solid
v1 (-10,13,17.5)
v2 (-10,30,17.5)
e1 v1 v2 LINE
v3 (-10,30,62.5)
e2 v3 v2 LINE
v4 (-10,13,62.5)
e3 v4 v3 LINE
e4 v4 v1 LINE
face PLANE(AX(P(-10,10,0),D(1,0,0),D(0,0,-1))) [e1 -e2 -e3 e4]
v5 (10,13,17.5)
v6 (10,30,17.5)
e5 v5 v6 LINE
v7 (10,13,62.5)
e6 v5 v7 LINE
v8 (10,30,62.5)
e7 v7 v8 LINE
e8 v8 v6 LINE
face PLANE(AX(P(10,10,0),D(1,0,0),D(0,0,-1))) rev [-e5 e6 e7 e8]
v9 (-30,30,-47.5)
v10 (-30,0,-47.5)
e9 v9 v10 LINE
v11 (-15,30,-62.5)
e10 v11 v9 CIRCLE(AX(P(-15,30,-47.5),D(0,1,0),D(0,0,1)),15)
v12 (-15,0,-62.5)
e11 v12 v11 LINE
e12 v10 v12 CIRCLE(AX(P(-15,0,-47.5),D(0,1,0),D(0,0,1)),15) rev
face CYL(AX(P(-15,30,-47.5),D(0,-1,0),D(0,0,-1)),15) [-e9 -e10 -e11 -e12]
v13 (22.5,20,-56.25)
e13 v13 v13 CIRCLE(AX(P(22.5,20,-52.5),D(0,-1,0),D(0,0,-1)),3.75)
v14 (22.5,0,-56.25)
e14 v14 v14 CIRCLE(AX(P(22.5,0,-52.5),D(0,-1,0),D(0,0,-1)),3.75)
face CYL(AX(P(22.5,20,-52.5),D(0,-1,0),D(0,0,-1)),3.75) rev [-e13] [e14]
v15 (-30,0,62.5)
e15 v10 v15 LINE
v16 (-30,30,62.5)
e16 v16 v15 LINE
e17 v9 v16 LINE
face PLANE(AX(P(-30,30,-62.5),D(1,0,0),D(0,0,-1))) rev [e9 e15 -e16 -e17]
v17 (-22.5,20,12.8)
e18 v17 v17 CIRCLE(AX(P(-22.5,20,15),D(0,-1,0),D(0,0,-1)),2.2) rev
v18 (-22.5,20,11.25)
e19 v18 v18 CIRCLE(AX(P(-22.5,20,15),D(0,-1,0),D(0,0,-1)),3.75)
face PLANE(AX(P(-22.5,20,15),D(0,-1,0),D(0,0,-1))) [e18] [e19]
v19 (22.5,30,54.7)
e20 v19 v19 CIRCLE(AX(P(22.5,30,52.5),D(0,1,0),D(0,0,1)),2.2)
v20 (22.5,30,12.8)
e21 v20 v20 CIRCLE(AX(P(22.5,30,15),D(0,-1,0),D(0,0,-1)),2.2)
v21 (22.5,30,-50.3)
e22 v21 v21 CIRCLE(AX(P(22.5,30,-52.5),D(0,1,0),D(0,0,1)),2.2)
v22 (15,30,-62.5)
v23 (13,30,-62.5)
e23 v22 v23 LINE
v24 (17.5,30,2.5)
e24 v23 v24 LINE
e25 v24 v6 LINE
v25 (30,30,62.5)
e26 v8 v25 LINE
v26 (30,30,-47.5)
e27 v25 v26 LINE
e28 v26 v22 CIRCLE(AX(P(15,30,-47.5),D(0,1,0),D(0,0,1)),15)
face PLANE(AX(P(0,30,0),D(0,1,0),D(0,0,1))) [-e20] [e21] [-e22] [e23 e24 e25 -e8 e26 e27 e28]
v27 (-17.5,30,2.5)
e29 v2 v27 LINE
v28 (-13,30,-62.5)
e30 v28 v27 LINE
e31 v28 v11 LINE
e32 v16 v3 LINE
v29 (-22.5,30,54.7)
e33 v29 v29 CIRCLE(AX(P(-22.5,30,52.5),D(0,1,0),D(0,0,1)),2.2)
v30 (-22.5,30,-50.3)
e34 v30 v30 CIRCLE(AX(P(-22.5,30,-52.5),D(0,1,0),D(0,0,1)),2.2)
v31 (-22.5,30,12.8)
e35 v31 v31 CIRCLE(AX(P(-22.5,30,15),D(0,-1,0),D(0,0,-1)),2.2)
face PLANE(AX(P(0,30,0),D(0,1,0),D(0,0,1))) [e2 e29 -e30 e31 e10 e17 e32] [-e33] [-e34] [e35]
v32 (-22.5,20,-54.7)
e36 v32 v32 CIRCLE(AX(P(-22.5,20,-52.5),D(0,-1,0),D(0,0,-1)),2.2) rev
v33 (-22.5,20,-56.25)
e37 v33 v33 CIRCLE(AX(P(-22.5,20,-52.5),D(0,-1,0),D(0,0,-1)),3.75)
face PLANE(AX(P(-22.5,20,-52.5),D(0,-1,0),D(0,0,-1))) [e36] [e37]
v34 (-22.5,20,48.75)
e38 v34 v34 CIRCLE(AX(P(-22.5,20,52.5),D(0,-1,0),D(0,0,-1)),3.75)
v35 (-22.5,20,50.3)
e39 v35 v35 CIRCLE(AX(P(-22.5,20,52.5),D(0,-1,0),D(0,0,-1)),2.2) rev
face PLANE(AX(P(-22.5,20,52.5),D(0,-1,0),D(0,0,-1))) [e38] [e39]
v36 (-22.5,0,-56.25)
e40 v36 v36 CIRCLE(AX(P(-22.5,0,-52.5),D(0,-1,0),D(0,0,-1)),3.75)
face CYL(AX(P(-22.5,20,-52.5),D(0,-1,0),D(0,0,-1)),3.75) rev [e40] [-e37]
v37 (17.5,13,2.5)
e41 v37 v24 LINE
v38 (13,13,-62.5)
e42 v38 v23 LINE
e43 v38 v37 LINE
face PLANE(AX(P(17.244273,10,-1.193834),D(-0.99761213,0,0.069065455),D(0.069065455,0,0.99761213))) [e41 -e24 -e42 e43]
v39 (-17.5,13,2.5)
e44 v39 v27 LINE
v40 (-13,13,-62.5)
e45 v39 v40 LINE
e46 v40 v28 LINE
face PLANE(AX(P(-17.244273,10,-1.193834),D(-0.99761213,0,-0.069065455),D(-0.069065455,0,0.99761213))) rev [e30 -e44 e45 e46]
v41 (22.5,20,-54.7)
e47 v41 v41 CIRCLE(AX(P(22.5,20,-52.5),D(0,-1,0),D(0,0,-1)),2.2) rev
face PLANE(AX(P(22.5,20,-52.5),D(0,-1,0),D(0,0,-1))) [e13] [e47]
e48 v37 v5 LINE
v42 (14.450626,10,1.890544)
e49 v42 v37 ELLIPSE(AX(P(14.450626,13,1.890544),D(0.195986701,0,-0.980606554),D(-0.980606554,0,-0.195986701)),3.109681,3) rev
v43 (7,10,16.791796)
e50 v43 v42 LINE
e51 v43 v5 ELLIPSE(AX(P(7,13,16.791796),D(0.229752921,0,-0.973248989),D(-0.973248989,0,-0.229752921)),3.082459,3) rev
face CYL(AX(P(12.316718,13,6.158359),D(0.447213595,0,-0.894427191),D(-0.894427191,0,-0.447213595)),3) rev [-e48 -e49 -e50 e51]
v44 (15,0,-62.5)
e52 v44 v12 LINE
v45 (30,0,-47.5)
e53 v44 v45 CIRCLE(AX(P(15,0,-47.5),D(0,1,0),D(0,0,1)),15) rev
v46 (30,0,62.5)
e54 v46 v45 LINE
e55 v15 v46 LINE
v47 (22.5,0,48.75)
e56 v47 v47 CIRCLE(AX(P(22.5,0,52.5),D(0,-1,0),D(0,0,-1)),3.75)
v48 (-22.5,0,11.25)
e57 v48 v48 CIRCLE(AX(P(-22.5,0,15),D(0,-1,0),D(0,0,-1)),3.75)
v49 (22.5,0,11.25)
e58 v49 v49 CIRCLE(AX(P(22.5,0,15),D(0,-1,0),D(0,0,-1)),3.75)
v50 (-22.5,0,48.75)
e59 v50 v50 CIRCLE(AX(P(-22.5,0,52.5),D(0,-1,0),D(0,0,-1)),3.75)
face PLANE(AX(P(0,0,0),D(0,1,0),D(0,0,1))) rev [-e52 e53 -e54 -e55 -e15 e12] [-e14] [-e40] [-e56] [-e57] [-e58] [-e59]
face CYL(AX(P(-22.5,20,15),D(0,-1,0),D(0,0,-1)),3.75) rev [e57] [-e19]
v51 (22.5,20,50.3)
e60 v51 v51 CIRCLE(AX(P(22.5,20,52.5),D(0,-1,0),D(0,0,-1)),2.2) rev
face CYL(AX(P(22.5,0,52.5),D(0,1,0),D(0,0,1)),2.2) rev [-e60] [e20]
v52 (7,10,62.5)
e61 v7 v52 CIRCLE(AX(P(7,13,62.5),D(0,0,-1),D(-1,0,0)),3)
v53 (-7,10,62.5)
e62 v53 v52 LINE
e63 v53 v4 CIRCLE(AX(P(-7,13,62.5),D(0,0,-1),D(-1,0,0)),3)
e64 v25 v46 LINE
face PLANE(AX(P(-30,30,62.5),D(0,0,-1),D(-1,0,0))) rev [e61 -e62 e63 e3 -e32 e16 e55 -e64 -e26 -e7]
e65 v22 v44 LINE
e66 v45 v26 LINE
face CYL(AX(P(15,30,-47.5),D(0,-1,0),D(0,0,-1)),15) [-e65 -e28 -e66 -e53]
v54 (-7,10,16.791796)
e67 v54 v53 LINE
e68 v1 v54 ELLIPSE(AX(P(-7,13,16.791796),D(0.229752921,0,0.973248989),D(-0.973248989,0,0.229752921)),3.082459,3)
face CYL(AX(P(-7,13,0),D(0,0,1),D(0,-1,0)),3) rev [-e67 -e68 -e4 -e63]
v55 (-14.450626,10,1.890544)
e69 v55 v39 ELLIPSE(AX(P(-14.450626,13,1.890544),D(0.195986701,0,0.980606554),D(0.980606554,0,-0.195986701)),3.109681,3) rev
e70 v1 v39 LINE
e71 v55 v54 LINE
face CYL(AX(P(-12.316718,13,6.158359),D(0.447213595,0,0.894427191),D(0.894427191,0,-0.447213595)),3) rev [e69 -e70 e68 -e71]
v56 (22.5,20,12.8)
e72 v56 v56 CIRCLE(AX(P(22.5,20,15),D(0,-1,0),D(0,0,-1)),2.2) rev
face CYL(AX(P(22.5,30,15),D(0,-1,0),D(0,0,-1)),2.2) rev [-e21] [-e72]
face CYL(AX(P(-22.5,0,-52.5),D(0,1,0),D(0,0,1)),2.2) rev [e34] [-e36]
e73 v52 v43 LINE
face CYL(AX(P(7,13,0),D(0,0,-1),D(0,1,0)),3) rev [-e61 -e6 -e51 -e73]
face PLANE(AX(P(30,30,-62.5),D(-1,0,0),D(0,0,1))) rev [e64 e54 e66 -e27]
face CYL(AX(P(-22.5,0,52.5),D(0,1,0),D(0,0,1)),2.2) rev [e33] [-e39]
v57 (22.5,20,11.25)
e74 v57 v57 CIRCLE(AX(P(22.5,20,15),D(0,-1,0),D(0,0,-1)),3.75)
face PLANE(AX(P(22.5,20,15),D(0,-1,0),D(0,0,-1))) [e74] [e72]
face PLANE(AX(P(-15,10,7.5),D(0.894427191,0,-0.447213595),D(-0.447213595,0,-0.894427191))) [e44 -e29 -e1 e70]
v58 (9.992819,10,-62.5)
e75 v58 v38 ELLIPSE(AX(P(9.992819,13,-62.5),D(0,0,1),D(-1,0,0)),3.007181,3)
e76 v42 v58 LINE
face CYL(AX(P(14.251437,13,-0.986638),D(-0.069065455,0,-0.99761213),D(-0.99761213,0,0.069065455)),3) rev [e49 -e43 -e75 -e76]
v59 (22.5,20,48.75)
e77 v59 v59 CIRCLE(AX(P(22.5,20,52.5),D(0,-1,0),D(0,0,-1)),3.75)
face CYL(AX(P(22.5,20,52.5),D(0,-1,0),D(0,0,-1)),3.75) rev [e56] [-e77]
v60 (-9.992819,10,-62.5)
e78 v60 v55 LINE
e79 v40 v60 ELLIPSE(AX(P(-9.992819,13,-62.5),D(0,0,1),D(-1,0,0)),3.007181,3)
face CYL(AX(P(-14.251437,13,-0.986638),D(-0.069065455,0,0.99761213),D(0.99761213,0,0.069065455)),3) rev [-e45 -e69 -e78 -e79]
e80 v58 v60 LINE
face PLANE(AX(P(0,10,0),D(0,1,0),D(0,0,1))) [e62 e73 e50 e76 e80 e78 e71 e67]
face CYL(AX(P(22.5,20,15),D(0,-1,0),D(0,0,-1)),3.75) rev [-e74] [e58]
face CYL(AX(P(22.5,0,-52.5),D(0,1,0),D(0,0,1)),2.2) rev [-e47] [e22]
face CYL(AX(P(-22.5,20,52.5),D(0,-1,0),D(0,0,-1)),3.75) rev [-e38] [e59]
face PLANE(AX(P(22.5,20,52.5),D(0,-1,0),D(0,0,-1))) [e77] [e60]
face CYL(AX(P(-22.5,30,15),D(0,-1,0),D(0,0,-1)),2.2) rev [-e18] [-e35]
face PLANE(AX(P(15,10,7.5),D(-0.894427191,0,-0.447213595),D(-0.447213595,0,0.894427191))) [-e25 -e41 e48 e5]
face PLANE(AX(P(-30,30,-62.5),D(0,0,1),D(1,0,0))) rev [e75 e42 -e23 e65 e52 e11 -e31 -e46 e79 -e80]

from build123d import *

# Parameters (mm, degrees)
SKETCH_1_W          = 60
SKETCH_1_H          = 125
EXTRUDE_1_DEPTH     = 30
CUT_EXTRUDE_1_DEPTH = 76.539724649
CUT_EXTRUDE_2_DEPTH = 76.539724649
SKETCH_4_W          = 13
SKETCH_4_H          = 65
CUT_EXTRUDE_3_DEPTH = 20
FILLET_1_R          = 3
FILLET_2_R          = 15
SKETCH_5_R          = 3.75
CUT_EXTRUDE_4_DEPTH = 20


with BuildPart() as part:
    # 草图1 → 凸台-拉伸1 (new body)
    with BuildSketch(Plane(origin=(0, 0, 0), x_dir=(1, 0, 0), z_dir=(0, 1, 0))):
        Rectangle(SKETCH_1_W, SKETCH_1_H)
    extrude(amount=EXTRUDE_1_DEPTH)

    # 草图2 → 切除-拉伸1 (cut, through all)
    with BuildSketch(Plane(origin=(0, 30, 0), x_dir=(1, 0, 0), z_dir=(0, 1, 0))):
        with BuildLine():
            ThreePointArc((-20.3, -52.5), (-20.944365081, -50.944365081), (-22.5, -50.3))
            Line((-22.5, -50.3), (-22.5, -52.5))
            Line((-22.5, -52.5), (-20.3, -52.5))
        make_face()
        with BuildLine():
            Line((-22.5, -52.5), (-22.5, -50.3))
            ThreePointArc((-22.5, -50.3), (-24.055634919, -54.055634919), (-20.3, -52.5))
            Line((-20.3, -52.5), (-22.5, -52.5))
        make_face()
        with BuildLine():
            ThreePointArc((24.7, -52.5), (24.055634919, -50.944365081), (22.5, -50.3))
            Line((22.5, -50.3), (22.5, -52.5))
            Line((22.5, -52.5), (20.3, -52.5))
            ThreePointArc((20.3, -52.5), (22.5, -54.7), (24.7, -52.5))
        make_face()
        with BuildLine():
            Line((22.5, -52.5), (22.5, -50.3))
            ThreePointArc((22.5, -50.3), (20.944365081, -50.944365081), (20.3, -52.5))
            Line((20.3, -52.5), (22.5, -52.5))
        make_face()
        with BuildLine():
            ThreePointArc((-20.3, 52.5), (-24.055634919, 54.055634919), (-22.5, 50.3))
            Line((-22.5, 50.3), (-22.5, 52.5))
            Line((-22.5, 52.5), (-20.3, 52.5))
        make_face()
        with BuildLine():
            Line((-22.5, 52.5), (-22.5, 50.3))
            ThreePointArc((-22.5, 50.3), (-20.944365081, 50.944365081), (-20.3, 52.5))
            Line((-20.3, 52.5), (-22.5, 52.5))
        make_face()
        with BuildLine():
            ThreePointArc((20.3, 52.5), (20.944365081, 50.944365081), (22.5, 50.3))
            Line((22.5, 50.3), (22.5, 52.5))
            Line((22.5, 52.5), (20.3, 52.5))
        make_face()
        with BuildLine():
            Line((22.5, 52.5), (22.5, 50.3))
            ThreePointArc((22.5, 50.3), (24.055634919, 50.944365081), (24.7, 52.5))
            ThreePointArc((24.7, 52.5), (22.5, 54.7), (20.3, 52.5))
            Line((20.3, 52.5), (22.5, 52.5))
        make_face()
    extrude(amount=-CUT_EXTRUDE_1_DEPTH, mode=Mode.SUBTRACT)

    # 草图3 → 切除-拉伸2 (cut, through all)
    with BuildSketch(Plane(origin=(0, 0, 0), x_dir=(-1, 0, 0), z_dir=(0, -1, 0))):
        with BuildLine():
            ThreePointArc((-20.3, -15), (-20.906792195, -13.482868203), (-22.392444444, -12.802630709))
            ThreePointArc((-22.392444444, -12.802630709), (-22.473095025, -13.9), (-22.5, -15))
            Line((-22.5, -15), (-20.3, -15))
        make_face()
        with BuildLine():
            ThreePointArc((-22.5, -15), (-22.473095025, -13.9), (-22.392444444, -12.802630709))
            ThreePointArc((-22.392444444, -12.802630709), (-24.017131797, -13.406792195), (-24.7, -15))
            Line((-24.7, -15), (-22.5, -15))
        make_face()
        with BuildLine():
            ThreePointArc((-24.7, -15), (-24.017131797, -16.593207805), (-22.392444444, -17.197369291))
            ThreePointArc((-22.392444444, -17.197369291), (-22.473095025, -16.1), (-22.5, -15))
            Line((-22.5, -15), (-24.7, -15))
        make_face()
        with BuildLine():
            ThreePointArc((-22.5, -15), (-22.473095025, -16.1), (-22.392444444, -17.197369291))
            ThreePointArc((-22.392444444, -17.197369291), (-20.906792195, -16.517131797), (-20.3, -15))
            Line((-20.3, -15), (-22.5, -15))
        make_face()
        with BuildLine():
            ThreePointArc((22.392444444, -17.197369291), (24.017131797, -16.593207805), (24.7, -15))
            Line((24.7, -15), (22.5, -15))
            ThreePointArc((22.5, -15), (22.473095025, -16.1), (22.392444444, -17.197369291))
        make_face()
        with BuildLine():
            Line((22.5, -15), (24.7, -15))
            ThreePointArc((24.7, -15), (24.017131797, -13.406792195), (22.392444444, -12.802630709))
            ThreePointArc((22.392444444, -12.802630709), (22.473095025, -13.9), (22.5, -15))
        make_face()
        with BuildLine():
            ThreePointArc((22.392444444, -17.197369291), (22.473095025, -16.1), (22.5, -15))
            Line((22.5, -15), (20.3, -15))
            ThreePointArc((20.3, -15), (20.906792195, -16.517131797), (22.392444444, -17.197369291))
        make_face()
        with BuildLine():
            Line((20.3, -15), (22.5, -15))
            ThreePointArc((22.5, -15), (22.473095025, -13.9), (22.392444444, -12.802630709))
            ThreePointArc((22.392444444, -12.802630709), (20.906792195, -13.482868203), (20.3, -15))
        make_face()
    extrude(amount=-CUT_EXTRUDE_2_DEPTH, mode=Mode.SUBTRACT)

    # 草图4 → 切除-拉伸3 (cut)
    with BuildSketch(Plane(origin=(0, 30, 0), x_dir=(1, 0, 0), z_dir=(0, 1, 0))):
        Polygon((0, -2.5), (0, -62.5), (10, -62.5), (10, -17.5), (17.5, -2.5), (13, -2.5), align=None)
        Polygon((-10, -62.5), (0, -62.5), (0, -2.5), (-13, -2.5), (-17.5, -2.5), (-10, -17.5), align=None)
        Polygon((-17.5, -2.5), (-13, -2.5), (-13, 62.5), align=None)
        with Locations((-6.5, 30)):
            Rectangle(SKETCH_4_W, SKETCH_4_H)
        with Locations((6.5, 30)):
            Rectangle(SKETCH_4_W, SKETCH_4_H)
        Polygon((13, 62.5), (13, -2.5), (17.5, -2.5), align=None)
    extrude(amount=-CUT_EXTRUDE_3_DEPTH, mode=Mode.SUBTRACT)

    # 圆角1
    fillet_1_edges = [part.edges().sort_by_distance(p)[0] for p in [
        (10, 10, 40),
        (-15.25, 10, -30),
        (15.25, 10, -30),
        (13.75, 10, 10),
        (-10, 10, 40),
        (-13.75, 10, 10),
    ]]
    fillet(fillet_1_edges, radius=FILLET_1_R)

    # 圆角2
    fillet_2_edges = [part.edges().sort_by_distance(p)[0] for p in [
        (-30, 15, -62.5),
        (30, 15, -62.5),
    ]]
    fillet(fillet_2_edges, radius=FILLET_2_R)

    # 草图5 → 切除-拉伸4 (cut)
    with BuildSketch(Plane.XZ):
        with Locations(Location((-22.5, -52.5, 0), (0, 0, 270))):
            Circle(SKETCH_5_R)
        with Locations(Location((22.5, -52.5, 0), (0, 0, 270))):
            Circle(SKETCH_5_R)
        with Locations(Location((-22.5, 15, 0), (0, 0, 270))):
            Circle(SKETCH_5_R)
        with Locations(Location((22.5, 15, 0), (0, 0, 270))):
            Circle(SKETCH_5_R)
        with Locations(Location((-22.5, 52.5, 0), (0, 0, 270))):
            Circle(SKETCH_5_R)
        with Locations(Location((22.5, 52.5, 0), (0, 0, 270))):
            Circle(SKETCH_5_R)
    extrude(amount=-CUT_EXTRUDE_4_DEPTH, mode=Mode.SUBTRACT)


solid = part.part
